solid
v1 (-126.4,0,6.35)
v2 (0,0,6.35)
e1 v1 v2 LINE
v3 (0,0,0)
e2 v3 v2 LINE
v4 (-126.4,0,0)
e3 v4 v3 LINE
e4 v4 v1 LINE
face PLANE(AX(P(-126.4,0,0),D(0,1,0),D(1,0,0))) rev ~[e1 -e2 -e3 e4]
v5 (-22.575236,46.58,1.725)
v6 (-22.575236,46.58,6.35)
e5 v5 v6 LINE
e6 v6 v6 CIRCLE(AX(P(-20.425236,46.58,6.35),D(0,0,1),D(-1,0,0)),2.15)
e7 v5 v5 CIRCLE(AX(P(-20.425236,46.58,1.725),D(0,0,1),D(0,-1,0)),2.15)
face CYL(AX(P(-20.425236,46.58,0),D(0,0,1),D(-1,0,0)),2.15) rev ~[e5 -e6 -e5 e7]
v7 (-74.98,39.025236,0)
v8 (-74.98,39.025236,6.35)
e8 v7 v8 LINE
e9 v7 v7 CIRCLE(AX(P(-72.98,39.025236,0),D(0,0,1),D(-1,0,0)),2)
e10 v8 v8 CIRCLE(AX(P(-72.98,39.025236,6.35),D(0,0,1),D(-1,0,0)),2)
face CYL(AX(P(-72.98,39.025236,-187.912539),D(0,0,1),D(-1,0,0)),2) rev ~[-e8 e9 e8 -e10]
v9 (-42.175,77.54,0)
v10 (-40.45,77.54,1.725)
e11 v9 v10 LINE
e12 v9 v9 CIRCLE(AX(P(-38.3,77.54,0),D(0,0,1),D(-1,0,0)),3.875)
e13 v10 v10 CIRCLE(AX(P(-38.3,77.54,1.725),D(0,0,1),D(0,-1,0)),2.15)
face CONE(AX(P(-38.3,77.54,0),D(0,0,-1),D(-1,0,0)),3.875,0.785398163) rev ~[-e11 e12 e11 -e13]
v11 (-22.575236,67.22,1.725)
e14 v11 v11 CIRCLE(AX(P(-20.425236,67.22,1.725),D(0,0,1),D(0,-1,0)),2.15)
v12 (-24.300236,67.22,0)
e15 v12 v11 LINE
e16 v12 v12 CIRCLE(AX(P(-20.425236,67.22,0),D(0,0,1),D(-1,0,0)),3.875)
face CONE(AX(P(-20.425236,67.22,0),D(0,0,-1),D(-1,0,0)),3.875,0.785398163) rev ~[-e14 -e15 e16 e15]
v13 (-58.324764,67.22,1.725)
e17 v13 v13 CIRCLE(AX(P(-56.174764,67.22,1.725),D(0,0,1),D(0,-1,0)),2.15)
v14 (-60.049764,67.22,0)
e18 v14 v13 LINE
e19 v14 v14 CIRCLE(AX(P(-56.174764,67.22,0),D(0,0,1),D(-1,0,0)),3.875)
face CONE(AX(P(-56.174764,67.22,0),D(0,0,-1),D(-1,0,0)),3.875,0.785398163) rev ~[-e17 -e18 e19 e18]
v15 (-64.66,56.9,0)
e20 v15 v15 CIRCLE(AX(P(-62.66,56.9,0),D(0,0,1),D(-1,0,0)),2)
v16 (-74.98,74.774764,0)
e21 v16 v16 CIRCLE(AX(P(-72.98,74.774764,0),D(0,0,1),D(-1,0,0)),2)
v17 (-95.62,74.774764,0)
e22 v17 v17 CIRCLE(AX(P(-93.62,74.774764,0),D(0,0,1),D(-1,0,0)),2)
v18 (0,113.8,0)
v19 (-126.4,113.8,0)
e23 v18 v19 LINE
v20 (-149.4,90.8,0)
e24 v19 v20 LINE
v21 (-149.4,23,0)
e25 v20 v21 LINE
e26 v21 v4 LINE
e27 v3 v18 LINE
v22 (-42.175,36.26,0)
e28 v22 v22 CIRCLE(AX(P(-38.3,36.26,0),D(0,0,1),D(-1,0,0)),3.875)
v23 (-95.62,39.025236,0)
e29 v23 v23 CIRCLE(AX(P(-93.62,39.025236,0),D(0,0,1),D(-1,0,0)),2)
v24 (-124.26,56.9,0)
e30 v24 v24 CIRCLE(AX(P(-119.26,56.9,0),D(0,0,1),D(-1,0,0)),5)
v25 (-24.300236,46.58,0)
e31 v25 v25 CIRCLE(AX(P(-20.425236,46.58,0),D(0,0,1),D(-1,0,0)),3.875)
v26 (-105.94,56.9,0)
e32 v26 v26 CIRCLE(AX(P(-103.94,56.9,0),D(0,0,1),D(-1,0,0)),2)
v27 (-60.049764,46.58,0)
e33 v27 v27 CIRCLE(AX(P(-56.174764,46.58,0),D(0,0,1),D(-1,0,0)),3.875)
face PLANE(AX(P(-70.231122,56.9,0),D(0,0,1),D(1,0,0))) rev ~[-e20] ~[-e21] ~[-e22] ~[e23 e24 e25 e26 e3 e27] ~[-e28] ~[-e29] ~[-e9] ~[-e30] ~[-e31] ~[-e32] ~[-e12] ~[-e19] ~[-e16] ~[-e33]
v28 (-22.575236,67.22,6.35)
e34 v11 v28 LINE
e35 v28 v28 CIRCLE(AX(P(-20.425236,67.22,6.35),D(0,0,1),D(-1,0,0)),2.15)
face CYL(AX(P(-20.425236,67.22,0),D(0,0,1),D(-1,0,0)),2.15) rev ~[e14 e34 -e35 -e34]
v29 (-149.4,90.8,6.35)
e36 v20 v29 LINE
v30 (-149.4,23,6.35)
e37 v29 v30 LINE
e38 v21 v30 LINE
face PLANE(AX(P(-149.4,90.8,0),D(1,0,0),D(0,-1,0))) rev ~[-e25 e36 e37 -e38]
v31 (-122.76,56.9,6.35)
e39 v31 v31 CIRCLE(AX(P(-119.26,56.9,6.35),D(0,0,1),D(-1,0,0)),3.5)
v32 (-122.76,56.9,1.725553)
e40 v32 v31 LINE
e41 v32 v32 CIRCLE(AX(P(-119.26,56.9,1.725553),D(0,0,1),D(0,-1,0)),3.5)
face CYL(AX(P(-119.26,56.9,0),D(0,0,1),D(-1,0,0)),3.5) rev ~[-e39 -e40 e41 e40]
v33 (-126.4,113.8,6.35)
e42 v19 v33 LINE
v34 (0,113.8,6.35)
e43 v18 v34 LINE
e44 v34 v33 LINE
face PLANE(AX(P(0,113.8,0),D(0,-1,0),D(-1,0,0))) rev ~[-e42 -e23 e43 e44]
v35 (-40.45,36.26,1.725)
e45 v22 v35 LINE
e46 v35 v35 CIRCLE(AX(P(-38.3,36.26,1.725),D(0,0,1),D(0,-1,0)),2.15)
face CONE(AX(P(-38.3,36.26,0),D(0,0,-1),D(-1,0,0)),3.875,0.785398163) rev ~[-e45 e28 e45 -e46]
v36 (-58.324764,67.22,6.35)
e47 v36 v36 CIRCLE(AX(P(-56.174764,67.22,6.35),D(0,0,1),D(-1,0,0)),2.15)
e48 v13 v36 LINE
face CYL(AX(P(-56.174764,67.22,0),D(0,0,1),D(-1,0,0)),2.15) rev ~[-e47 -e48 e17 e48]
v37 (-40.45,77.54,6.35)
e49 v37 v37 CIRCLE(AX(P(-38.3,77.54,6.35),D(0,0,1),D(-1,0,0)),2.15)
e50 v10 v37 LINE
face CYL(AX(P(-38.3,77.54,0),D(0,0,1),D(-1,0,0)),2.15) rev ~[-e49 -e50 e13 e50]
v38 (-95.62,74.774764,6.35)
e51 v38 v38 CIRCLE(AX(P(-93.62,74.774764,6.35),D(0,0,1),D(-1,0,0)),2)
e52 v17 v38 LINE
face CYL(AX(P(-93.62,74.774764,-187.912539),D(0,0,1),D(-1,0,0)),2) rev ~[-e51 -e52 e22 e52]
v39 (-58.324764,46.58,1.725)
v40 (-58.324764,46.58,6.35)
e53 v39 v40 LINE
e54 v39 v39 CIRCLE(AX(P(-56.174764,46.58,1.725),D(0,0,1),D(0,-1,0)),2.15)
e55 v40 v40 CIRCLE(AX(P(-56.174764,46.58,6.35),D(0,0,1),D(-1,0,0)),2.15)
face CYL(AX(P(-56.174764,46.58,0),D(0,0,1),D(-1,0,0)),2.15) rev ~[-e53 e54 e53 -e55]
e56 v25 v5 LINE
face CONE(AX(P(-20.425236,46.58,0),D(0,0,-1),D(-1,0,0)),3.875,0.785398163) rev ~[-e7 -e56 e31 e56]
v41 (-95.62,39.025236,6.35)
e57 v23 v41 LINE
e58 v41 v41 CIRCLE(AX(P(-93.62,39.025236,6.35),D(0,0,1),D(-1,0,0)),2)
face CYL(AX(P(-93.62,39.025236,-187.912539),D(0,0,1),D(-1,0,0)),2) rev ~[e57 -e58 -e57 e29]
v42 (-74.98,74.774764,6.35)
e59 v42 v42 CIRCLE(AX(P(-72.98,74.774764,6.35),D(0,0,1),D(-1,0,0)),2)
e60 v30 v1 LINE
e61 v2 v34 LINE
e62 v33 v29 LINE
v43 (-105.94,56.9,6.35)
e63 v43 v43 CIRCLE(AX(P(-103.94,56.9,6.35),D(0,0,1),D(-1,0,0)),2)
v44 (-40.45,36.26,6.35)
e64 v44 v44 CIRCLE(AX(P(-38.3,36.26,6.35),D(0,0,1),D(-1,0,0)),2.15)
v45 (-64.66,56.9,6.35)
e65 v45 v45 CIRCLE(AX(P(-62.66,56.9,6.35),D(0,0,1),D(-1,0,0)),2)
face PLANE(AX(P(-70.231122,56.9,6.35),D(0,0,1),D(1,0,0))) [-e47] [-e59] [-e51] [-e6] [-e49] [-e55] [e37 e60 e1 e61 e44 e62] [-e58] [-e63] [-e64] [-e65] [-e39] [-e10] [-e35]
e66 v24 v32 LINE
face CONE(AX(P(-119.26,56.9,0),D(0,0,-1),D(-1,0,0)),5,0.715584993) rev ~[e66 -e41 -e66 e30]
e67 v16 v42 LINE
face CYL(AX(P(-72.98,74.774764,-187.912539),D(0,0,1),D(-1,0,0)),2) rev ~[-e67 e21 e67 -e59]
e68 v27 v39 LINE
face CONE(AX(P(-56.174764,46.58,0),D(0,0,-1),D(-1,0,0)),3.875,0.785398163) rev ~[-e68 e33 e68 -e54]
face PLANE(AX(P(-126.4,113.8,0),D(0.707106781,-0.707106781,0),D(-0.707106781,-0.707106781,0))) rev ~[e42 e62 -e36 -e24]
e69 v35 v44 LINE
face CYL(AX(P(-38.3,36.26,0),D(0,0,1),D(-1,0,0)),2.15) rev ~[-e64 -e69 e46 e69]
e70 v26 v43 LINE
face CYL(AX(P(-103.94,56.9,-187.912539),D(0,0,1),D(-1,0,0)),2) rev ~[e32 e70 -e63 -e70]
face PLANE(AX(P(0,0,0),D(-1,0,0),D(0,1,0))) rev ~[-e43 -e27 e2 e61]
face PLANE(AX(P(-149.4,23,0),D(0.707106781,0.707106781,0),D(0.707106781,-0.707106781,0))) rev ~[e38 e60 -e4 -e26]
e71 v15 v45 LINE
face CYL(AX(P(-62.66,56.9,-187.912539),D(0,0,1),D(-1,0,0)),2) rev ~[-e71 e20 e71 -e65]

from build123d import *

# Parameters (mm, degrees)
F1_DEPTH       = 6.35
F2_D           = 7
F2_CSINK_D     = 10
F2_CSINK_ANGLE = 82
F3_D           = 4.3
F3_CSINK_D     = 7.75
F3_CSINK_ANGLE = 90
F4_D           = 4


with BuildPart() as f1:
    # F0 (on Top) → F1 (new body)
    with BuildSketch(Plane.XY):
        Polygon((-149.4, 23), (-126.4, 0), (0, 0), (0, 113.8), (-126.4, 113.8), (-149.4, 90.8), align=None)
    extrude(amount=F1_DEPTH)

    # F2 (through all)
    with Locations(Plane(origin=(0, 0, 0), x_dir=(1, 0, 0), z_dir=(0, 0, -1))):
        with Locations((-119.26, -56.9)):
            CounterSinkHole(F2_D / 2, F2_CSINK_D / 2, counter_sink_angle=F2_CSINK_ANGLE)

    # F3 (through all)
    with Locations(Plane(origin=(0, 0, 0), x_dir=(1, 0, 0), z_dir=(0, 0, -1))):
        with Locations((-38.3, -36.26), (-20.4252356659, -46.58), (-20.4252356659, -67.22), (-38.3, -77.54), (-56.1747643341, -67.22), (-56.1747643341, -46.58)):
            CounterSinkHole(F3_D / 2, F3_CSINK_D / 2, counter_sink_angle=F3_CSINK_ANGLE)

    # F4 (through all)
    with Locations(Plane(origin=(0, 0, 0), x_dir=(1, 0, 0), z_dir=(0, 0, -1))):
        with Locations((-103.94, -56.9), (-93.62, -39.0252356659), (-72.98, -39.0252356659), (-62.66, -56.9), (-72.98, -74.7747643341), (-93.62, -74.7747643341)):
            Hole(F4_D / 2)


solid = f1.part
